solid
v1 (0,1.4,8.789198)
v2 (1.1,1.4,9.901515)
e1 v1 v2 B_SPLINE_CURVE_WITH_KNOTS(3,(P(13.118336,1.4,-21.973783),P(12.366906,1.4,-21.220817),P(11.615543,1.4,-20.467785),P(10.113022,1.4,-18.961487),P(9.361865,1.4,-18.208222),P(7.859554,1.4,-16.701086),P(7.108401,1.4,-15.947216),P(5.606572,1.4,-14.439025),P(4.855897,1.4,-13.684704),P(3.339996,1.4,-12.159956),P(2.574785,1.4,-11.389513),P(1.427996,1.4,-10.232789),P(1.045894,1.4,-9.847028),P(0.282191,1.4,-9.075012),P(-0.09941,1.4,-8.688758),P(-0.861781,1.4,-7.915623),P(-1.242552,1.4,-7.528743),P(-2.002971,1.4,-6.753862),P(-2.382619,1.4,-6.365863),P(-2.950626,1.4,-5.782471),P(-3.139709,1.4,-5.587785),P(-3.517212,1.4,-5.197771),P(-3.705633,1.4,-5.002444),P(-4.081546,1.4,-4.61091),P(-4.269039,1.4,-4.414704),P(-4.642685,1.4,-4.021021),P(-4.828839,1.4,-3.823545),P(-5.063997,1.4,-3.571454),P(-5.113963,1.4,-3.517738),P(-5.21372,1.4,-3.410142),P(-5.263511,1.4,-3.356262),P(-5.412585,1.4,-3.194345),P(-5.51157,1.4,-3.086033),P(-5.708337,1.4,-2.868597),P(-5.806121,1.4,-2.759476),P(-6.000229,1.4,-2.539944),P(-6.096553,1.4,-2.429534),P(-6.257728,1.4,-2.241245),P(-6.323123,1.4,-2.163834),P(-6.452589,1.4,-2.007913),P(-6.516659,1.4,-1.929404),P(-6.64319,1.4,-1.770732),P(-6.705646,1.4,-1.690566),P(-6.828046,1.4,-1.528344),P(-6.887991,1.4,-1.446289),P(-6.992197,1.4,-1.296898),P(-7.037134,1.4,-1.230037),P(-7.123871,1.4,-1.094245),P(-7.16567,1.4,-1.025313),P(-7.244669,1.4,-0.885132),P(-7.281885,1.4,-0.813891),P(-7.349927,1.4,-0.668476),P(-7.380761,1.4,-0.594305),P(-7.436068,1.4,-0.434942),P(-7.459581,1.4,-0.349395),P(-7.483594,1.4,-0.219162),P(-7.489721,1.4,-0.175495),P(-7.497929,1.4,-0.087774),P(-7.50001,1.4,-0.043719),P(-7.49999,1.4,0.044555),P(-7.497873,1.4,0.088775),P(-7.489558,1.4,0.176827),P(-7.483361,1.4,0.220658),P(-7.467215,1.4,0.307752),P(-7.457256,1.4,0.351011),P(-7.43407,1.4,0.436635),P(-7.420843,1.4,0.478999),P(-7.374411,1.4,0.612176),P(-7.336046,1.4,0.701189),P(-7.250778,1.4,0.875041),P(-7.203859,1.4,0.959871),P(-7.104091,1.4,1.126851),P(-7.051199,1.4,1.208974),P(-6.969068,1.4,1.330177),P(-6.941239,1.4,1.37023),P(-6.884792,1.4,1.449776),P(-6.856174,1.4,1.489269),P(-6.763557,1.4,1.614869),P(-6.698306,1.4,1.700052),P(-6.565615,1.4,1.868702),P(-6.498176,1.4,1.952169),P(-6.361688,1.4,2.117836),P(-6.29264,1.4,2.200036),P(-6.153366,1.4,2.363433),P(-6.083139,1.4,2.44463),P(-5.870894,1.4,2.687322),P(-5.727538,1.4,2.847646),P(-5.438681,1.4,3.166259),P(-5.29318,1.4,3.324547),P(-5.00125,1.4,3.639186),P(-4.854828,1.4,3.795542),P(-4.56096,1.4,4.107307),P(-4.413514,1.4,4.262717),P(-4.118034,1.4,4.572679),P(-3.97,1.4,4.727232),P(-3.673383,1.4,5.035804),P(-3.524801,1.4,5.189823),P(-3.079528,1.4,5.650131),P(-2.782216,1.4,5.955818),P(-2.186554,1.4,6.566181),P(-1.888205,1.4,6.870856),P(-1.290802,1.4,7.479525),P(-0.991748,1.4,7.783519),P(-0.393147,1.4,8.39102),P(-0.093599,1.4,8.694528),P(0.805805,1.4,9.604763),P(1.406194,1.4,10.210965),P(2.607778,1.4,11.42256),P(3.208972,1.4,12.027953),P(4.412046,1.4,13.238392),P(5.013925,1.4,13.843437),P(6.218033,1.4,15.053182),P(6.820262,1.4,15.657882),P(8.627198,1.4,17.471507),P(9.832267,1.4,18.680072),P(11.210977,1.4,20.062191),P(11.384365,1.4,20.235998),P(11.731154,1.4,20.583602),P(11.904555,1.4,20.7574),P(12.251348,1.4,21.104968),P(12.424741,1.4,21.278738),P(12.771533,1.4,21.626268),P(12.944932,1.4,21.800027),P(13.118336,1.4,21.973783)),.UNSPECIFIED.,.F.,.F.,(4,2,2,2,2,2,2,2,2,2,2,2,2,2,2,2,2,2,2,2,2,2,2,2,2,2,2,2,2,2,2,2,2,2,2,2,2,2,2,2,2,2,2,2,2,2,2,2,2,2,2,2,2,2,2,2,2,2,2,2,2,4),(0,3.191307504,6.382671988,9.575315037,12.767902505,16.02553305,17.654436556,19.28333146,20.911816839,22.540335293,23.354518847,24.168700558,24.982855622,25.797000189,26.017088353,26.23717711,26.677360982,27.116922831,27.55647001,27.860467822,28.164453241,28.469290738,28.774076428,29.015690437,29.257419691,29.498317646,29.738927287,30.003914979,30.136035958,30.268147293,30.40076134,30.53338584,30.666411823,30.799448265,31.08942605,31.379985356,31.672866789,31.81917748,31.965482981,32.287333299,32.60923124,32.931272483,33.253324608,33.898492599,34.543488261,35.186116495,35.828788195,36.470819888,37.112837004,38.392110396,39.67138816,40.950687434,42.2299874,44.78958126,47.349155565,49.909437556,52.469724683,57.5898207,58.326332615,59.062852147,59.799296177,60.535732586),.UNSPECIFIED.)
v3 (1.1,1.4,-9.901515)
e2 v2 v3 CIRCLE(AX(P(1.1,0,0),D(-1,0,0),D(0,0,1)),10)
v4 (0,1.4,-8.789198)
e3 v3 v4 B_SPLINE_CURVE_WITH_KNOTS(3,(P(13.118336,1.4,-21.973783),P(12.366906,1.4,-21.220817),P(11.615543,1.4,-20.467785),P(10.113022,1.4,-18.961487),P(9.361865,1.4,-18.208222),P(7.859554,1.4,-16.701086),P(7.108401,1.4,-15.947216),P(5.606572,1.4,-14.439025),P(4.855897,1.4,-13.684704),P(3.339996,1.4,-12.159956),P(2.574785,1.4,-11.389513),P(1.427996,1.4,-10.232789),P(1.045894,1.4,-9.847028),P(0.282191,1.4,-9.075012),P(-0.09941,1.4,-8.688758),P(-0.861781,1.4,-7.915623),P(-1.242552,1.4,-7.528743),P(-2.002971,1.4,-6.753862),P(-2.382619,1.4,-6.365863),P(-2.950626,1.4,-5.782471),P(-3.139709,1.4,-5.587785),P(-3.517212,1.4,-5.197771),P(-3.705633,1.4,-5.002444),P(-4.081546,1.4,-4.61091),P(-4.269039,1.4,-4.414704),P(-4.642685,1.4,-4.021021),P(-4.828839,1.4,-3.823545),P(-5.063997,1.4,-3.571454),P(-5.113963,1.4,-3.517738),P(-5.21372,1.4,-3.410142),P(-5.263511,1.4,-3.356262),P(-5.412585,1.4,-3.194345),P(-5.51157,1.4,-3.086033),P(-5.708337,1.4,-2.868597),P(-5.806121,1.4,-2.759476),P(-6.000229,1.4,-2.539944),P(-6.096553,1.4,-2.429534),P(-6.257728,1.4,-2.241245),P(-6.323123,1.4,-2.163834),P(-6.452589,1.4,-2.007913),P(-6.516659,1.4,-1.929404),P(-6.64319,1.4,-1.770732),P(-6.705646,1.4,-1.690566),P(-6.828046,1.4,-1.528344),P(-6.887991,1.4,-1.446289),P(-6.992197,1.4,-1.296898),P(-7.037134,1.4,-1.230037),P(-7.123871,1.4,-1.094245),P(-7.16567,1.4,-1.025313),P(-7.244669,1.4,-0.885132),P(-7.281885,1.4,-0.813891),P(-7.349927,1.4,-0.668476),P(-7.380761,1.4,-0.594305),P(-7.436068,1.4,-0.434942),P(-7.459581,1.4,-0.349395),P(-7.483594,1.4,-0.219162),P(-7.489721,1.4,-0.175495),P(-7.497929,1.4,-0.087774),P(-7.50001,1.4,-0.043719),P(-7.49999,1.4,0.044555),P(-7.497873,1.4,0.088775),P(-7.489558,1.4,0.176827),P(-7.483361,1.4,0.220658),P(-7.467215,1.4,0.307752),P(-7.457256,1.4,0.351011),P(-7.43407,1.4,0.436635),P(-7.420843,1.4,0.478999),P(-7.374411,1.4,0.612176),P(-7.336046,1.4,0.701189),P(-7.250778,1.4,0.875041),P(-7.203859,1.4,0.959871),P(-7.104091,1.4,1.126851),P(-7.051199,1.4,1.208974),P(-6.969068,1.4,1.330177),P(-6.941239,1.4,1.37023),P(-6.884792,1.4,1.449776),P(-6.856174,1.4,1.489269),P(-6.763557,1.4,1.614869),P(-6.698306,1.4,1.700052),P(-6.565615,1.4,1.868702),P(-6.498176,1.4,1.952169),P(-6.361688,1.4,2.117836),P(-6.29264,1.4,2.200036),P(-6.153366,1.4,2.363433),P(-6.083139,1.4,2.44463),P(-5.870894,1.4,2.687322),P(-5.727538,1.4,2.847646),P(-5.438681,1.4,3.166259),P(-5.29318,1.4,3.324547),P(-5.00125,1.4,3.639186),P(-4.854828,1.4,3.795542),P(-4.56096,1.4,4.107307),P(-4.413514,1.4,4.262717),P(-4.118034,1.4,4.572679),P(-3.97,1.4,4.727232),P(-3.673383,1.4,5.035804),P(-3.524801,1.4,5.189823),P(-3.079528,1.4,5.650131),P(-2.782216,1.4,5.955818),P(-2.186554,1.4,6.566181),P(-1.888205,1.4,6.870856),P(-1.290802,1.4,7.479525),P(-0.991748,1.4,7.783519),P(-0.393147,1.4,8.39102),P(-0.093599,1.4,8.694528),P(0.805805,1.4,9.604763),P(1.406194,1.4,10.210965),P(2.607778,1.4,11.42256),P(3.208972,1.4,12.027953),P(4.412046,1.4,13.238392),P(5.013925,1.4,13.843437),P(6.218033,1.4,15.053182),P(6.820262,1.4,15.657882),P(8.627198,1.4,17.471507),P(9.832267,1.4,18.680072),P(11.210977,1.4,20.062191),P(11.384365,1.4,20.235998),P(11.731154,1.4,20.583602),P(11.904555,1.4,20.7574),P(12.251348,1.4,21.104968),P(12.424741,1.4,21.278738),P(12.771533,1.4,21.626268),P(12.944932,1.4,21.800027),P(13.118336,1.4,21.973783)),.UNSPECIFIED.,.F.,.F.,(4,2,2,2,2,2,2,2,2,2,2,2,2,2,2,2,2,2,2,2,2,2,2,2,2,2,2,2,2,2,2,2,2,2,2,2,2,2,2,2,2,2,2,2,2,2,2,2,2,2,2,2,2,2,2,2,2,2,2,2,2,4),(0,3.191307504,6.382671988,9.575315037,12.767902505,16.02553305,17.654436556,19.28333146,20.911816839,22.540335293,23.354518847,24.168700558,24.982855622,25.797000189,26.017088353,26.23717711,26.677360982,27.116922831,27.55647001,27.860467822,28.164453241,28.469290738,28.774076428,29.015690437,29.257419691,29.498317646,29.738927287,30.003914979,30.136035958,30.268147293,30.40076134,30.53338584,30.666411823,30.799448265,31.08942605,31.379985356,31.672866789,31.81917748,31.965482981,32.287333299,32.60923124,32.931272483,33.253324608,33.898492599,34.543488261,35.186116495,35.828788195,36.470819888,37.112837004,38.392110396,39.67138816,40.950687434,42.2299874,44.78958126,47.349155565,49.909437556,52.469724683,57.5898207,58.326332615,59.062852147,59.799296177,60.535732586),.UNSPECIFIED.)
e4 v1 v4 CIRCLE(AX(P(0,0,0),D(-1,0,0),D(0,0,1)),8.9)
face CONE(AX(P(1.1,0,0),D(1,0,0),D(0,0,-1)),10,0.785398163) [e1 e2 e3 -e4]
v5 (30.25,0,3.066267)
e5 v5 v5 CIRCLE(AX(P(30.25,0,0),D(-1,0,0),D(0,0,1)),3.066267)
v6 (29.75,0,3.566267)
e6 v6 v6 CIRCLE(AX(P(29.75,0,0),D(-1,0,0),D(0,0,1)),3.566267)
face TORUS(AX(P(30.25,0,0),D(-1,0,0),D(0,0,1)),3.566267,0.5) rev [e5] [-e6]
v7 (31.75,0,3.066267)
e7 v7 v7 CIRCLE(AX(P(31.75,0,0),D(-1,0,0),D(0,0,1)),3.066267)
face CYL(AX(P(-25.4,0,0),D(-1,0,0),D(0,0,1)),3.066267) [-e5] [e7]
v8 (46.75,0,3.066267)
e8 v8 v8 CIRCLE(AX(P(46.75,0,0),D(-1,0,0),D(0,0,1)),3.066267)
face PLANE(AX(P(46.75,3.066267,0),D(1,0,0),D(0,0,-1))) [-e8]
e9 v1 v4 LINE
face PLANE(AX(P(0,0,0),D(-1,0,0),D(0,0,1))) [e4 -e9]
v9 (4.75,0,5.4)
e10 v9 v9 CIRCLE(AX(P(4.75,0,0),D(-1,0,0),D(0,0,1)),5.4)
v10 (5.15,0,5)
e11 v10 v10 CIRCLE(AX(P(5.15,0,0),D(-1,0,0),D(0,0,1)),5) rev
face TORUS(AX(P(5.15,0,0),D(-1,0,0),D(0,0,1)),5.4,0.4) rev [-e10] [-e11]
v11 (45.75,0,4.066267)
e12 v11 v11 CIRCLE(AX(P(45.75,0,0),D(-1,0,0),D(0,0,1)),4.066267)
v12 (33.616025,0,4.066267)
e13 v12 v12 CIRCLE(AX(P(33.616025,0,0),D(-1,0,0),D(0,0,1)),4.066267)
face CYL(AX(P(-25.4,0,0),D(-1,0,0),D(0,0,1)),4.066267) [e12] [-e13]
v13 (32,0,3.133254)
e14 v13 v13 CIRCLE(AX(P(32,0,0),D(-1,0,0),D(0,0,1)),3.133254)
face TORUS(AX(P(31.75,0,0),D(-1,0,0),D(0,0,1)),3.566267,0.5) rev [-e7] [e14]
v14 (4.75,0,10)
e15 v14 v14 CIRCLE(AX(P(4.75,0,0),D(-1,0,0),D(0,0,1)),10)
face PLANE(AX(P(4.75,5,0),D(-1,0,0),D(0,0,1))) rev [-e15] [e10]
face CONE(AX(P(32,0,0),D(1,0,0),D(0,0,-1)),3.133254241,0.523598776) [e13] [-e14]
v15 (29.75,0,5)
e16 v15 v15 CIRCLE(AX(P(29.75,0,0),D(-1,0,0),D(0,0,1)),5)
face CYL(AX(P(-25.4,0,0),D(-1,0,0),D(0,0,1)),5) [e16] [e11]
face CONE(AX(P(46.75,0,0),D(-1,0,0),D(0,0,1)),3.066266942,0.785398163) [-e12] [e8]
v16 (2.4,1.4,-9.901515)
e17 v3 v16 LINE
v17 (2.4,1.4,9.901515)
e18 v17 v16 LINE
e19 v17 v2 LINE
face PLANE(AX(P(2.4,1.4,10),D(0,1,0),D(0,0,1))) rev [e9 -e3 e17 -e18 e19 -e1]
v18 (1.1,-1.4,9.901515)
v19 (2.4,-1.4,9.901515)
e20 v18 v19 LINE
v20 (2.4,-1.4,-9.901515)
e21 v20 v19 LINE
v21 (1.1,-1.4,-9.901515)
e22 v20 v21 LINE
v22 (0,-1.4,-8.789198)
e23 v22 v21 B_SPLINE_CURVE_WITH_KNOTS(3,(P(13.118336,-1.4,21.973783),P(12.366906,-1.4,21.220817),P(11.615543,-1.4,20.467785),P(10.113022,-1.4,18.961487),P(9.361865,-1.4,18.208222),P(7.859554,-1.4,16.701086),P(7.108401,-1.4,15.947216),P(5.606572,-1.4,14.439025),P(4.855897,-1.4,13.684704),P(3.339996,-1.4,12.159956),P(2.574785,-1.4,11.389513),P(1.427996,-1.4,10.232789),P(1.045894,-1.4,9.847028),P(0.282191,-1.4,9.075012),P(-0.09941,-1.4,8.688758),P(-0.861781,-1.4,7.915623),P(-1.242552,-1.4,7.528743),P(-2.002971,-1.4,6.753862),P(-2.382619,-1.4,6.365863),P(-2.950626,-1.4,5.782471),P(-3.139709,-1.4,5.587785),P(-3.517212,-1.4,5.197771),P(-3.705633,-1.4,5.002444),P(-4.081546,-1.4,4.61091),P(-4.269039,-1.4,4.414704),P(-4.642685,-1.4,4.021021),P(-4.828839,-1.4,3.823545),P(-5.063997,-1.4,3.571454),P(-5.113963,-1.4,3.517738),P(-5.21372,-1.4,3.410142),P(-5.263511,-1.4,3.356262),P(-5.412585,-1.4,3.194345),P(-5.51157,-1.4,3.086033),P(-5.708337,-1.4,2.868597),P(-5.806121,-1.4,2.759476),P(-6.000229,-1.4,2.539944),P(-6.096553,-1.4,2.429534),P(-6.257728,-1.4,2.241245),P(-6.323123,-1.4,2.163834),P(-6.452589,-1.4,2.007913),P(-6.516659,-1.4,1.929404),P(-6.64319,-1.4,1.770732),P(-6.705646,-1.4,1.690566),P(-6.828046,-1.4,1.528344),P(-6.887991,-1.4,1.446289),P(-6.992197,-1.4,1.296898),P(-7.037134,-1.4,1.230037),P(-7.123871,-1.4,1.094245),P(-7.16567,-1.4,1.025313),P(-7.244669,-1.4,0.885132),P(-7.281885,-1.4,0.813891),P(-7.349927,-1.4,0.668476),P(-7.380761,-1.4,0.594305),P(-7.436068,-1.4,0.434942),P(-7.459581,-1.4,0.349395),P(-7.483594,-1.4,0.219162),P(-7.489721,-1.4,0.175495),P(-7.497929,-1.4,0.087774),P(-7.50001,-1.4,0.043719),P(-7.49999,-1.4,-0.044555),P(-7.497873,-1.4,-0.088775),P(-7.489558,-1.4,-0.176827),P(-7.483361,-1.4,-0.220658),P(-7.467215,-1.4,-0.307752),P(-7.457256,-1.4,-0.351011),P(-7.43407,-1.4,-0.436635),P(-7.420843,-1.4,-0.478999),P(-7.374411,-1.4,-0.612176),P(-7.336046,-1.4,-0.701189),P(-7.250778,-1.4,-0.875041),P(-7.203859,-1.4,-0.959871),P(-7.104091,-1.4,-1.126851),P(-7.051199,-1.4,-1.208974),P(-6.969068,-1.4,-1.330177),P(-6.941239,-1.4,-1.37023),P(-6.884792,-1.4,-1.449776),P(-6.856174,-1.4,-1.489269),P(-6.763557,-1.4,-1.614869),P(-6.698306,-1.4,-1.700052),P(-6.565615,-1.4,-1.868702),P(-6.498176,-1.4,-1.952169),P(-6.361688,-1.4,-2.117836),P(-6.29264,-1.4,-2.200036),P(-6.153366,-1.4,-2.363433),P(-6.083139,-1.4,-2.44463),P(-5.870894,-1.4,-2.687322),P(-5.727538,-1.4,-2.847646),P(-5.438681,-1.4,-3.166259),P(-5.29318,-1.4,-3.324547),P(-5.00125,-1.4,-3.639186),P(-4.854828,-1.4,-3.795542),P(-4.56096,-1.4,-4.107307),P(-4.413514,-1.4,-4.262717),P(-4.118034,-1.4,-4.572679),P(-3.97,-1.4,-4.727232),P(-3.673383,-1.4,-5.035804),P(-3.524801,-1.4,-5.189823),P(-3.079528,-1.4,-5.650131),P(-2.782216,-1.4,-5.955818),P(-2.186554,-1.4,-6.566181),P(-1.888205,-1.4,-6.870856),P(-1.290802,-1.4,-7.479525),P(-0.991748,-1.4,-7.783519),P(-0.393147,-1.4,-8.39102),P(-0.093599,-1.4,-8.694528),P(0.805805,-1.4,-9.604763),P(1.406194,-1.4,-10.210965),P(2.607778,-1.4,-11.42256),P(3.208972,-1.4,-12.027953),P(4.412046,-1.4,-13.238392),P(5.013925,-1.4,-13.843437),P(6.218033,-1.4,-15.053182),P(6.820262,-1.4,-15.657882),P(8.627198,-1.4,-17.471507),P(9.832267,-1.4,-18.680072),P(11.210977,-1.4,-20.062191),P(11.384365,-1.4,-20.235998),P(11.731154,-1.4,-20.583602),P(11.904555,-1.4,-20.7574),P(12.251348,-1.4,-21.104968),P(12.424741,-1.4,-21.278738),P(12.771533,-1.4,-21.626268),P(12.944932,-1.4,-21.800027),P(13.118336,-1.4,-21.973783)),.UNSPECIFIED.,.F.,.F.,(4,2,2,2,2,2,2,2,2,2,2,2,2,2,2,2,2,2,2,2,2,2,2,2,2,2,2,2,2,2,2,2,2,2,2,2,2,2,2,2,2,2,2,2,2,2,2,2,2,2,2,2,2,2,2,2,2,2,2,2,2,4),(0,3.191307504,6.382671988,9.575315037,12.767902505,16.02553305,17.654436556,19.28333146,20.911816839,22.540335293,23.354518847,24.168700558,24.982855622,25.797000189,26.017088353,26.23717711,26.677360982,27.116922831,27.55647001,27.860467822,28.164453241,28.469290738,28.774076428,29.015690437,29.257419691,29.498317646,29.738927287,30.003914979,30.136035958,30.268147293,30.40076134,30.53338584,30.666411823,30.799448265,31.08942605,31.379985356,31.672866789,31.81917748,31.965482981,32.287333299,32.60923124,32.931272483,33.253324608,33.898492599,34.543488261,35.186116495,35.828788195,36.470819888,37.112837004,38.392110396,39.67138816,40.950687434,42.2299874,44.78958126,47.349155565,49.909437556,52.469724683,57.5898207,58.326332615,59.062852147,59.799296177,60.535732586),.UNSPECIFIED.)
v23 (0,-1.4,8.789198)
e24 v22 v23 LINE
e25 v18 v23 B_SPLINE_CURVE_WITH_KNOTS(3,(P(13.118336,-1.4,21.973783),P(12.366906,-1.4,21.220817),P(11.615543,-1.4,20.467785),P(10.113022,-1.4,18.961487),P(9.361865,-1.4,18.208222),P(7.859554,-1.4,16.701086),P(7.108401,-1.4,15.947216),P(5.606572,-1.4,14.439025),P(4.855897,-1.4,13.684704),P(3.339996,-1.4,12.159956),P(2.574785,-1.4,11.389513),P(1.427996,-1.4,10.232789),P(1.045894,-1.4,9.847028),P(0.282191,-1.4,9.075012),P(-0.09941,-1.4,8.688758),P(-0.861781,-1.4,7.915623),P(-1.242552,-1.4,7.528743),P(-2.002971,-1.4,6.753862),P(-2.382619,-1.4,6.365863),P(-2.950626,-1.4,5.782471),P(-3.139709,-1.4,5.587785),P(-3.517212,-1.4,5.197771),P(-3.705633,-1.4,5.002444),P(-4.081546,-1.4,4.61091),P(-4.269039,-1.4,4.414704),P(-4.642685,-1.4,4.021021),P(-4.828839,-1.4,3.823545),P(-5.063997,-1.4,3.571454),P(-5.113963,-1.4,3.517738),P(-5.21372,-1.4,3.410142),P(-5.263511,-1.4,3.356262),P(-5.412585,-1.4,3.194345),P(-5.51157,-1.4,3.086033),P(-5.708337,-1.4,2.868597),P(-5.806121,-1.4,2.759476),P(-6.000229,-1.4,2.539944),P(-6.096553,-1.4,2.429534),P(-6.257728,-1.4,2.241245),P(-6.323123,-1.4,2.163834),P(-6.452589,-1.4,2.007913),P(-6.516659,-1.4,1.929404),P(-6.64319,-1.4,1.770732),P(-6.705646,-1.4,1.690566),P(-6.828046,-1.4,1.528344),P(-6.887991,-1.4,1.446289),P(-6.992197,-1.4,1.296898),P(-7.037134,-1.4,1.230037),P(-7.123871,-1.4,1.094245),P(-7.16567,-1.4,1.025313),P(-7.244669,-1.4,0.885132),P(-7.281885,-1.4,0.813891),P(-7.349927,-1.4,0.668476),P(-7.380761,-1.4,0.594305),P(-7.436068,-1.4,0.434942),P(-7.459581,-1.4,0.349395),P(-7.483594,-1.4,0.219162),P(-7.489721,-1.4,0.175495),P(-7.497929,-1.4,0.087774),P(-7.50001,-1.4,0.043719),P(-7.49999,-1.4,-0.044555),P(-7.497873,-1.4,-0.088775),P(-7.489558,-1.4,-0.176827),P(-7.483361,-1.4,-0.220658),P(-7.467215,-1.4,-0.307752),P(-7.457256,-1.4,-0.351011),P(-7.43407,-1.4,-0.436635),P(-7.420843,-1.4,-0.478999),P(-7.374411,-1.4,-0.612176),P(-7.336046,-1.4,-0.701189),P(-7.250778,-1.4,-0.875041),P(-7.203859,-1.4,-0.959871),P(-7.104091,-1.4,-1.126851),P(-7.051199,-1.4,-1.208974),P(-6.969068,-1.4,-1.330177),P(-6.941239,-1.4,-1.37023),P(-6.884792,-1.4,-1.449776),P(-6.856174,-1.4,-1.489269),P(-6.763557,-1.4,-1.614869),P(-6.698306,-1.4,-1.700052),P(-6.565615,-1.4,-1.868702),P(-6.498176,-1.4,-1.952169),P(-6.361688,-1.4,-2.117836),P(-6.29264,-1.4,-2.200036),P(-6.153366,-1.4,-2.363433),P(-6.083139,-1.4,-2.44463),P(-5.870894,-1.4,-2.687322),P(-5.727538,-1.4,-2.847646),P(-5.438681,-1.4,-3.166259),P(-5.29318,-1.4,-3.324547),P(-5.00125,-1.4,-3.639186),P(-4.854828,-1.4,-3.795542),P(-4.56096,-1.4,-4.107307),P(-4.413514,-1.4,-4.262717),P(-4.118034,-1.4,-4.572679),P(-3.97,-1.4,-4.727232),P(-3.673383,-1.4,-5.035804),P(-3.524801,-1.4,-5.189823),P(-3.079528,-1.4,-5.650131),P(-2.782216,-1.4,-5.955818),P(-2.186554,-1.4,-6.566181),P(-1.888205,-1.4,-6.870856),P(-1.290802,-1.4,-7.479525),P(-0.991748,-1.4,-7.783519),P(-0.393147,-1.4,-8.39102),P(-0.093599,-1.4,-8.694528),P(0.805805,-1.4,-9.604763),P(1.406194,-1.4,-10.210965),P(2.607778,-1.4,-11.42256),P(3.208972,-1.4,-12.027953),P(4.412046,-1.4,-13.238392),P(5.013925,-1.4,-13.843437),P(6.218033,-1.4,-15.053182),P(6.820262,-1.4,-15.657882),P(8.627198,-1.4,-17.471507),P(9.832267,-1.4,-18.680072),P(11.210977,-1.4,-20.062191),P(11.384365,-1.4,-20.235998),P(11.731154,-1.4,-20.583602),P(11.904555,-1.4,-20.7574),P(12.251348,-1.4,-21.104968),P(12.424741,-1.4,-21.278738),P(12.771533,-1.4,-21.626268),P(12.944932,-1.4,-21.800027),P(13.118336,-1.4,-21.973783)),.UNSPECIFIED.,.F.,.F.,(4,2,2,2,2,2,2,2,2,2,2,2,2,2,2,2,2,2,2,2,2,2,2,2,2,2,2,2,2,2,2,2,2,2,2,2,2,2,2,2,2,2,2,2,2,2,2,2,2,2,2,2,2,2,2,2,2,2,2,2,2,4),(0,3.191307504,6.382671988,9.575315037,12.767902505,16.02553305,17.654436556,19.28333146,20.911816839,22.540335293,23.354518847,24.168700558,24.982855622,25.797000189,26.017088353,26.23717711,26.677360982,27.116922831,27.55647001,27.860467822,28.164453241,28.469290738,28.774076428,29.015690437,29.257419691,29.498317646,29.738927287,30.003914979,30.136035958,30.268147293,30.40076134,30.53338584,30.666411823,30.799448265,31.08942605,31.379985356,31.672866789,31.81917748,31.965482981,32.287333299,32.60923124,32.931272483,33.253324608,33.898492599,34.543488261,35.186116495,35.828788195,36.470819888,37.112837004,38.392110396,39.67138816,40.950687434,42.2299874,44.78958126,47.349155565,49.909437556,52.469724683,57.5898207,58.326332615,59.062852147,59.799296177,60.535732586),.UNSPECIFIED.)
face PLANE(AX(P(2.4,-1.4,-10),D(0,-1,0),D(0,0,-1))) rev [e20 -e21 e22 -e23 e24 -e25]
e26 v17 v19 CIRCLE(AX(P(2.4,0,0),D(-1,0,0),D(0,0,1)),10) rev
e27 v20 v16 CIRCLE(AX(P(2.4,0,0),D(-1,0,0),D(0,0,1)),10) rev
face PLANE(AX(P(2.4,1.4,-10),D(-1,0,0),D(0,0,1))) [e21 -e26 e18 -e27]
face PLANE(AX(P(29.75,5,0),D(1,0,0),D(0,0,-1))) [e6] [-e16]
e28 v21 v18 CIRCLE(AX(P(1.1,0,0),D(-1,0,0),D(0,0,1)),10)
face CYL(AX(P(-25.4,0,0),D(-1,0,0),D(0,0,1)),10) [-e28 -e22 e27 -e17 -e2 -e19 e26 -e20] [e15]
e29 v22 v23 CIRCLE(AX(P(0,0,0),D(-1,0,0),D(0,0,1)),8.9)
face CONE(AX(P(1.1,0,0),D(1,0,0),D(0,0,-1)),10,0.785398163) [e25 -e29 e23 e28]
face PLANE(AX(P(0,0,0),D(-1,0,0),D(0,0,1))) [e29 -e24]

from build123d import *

# Parameters (mm, degrees)
FILLET1_R  = 0.4
SKETCH2_W  = 20
SKETCH2_H  = 2.8
SLOT_DEPTH = 2.4


with BuildPart() as part:
    # BodySke → Base-Revolve (revolve)
    with BuildSketch(Plane.XY, mode=Mode.PRIVATE) as base_revolve_sk:
        with BuildLine():
            Line((4.75, 5), (4.75, 10))
            Line((4.75, 10), (1.1, 10))
            Line((1.1, 10), (0, 8.9))
            Line((0, 8.9), (0, 0))
            Line((0, 0), (46.75, 0))
            Line((46.75, 0), (46.75, 3.066266942))
            Line((46.75, 3.066266942), (45.75, 4.066266942))
            Line((45.75, 4.066266942), (33.616025404, 4.066266942))
            Line((33.616025404, 4.066266942), (32, 3.133254241))
            ThreePointArc((32, 3.133254241), (31.879409523, 3.083304029), (31.75, 3.066266942))
            Line((31.75, 3.066266942), (30.25, 3.066266942))
            ThreePointArc((30.25, 3.066266942), (29.896446609, 3.212713552), (29.75, 3.566266942))
            Line((29.75, 3.566266942), (29.75, 5))
            Line((29.75, 5), (4.75, 5))
        make_face()
    revolve(base_revolve_sk.sketch.rotate(Axis((-25.4, 0, 0), (1, 0, 0)), 90), axis=Axis((-25.4, 0, 0), (1, 0, 0)))

    # Fillet1
    fillet1_edges = [part.edges().sort_by_distance(p)[0] for p in [
        (4.75, 0, -5),
    ]]
    fillet(fillet1_edges, radius=FILLET1_R)

    # Sketch2 → Slot (cut)
    with BuildSketch(Plane(origin=(0, 0, 0), x_dir=(0, 0, -1), z_dir=(1, 0, 0))):
        Rectangle(SKETCH2_W, SKETCH2_H)
    extrude(amount=SLOT_DEPTH, mode=Mode.SUBTRACT)


solid = part.part
